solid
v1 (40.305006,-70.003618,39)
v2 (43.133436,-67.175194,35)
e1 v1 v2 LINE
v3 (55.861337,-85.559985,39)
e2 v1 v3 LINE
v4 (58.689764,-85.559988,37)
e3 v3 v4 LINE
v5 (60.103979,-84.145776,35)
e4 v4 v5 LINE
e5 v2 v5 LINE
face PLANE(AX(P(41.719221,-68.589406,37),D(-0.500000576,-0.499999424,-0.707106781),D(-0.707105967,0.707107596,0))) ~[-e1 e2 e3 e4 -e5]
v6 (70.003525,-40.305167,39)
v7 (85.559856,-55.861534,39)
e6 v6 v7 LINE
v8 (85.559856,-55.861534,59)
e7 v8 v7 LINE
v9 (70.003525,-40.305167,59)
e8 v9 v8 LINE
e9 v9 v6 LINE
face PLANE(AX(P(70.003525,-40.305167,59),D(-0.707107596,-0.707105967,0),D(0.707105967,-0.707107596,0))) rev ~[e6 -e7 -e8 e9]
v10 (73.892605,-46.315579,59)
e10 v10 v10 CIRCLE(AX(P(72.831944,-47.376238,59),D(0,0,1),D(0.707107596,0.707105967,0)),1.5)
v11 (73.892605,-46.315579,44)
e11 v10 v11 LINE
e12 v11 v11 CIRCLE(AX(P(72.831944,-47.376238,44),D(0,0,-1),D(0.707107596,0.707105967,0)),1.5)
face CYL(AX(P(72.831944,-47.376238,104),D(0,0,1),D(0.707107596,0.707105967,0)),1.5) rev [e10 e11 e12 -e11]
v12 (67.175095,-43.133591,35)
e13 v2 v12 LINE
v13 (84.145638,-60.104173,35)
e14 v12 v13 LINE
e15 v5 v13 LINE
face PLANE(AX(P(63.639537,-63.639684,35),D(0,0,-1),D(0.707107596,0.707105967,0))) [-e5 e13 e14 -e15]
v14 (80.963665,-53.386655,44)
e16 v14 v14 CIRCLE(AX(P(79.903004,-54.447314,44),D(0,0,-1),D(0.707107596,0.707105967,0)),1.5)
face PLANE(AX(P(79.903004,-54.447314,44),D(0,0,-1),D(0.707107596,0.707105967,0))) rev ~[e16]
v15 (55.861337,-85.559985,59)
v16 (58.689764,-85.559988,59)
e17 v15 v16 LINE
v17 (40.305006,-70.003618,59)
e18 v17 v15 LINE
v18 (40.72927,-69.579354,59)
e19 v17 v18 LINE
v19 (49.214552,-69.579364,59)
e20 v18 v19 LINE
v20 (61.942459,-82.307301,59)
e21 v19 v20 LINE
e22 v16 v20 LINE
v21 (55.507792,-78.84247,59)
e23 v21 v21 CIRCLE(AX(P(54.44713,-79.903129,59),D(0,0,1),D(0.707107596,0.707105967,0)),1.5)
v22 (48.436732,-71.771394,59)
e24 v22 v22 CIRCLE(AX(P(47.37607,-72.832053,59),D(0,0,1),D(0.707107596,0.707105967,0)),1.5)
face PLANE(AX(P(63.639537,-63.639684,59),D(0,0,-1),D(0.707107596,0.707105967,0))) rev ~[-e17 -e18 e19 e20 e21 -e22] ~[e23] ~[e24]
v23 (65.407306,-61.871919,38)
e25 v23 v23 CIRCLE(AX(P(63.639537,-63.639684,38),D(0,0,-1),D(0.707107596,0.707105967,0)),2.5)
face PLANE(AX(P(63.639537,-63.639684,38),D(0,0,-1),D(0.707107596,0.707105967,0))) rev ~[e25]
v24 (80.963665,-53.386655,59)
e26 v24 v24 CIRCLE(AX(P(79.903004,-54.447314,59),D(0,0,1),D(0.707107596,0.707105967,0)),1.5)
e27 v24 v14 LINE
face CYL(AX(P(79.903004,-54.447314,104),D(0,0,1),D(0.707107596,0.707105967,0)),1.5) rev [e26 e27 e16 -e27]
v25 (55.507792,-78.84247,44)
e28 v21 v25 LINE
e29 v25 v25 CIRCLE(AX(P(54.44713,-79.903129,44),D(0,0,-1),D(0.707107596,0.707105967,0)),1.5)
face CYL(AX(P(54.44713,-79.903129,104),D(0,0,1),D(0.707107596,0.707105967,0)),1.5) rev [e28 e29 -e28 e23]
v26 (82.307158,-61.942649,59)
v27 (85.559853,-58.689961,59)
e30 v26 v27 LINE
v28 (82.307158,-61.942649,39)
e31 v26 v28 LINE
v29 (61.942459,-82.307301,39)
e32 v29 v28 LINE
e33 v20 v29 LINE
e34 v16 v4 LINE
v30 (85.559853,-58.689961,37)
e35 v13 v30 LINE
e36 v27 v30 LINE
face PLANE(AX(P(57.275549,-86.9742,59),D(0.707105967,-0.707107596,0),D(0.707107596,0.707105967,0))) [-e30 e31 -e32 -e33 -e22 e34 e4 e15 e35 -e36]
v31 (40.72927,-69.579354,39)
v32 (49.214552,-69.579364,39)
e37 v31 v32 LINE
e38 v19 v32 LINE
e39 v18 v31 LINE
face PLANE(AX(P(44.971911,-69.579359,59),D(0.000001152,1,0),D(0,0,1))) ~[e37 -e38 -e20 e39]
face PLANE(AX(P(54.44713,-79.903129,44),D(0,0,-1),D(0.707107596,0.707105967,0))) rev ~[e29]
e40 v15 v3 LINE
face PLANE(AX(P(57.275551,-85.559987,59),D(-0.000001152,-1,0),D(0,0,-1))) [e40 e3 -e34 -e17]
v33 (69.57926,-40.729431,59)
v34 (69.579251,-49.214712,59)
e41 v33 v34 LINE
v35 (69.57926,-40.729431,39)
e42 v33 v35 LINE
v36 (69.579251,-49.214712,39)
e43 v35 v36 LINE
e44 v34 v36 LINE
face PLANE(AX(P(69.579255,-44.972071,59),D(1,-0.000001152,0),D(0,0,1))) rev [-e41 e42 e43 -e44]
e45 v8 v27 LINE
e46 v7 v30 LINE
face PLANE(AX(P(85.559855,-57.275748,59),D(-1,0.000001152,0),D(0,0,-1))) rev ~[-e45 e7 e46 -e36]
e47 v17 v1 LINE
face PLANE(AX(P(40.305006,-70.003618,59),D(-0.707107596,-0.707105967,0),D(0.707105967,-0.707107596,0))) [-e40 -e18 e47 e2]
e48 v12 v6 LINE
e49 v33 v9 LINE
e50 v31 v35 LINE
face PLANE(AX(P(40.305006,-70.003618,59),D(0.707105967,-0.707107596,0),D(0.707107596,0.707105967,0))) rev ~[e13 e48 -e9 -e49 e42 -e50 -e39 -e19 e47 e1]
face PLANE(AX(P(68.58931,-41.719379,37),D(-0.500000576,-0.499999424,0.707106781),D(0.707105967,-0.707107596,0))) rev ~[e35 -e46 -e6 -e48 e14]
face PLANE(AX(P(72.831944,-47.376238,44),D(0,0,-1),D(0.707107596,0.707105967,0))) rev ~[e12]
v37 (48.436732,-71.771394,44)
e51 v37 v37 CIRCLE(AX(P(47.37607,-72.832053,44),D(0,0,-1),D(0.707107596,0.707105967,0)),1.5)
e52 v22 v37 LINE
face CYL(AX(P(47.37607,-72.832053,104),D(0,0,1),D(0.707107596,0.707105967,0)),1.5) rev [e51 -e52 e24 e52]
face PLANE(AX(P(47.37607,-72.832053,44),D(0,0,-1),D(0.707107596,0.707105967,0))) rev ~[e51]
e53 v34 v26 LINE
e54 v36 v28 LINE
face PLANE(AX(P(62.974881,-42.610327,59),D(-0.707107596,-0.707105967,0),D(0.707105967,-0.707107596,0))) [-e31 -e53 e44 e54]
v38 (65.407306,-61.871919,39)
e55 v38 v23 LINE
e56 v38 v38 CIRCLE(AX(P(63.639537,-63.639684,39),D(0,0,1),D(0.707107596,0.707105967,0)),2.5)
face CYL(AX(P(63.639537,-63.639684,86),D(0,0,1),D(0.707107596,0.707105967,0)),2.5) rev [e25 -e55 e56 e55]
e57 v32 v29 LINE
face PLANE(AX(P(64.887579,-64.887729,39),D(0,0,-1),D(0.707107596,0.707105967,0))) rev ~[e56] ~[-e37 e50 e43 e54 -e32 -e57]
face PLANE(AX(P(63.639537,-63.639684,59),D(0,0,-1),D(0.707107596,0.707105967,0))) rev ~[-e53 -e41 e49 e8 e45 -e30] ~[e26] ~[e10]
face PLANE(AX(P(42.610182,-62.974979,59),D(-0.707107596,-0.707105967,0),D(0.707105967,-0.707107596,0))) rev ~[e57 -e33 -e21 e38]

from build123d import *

# Parameters (mm, degrees)
CYLINDER1700_R             = 1.5
CYLINDER1700_DEPTH         = 60
CYLINDER1701_R             = 1.5
CYLINDER1701_DEPTH         = 60
CYLINDER1702_R             = 1.5
CYLINDER1702_DEPTH         = 60
CYLINDER1699_R             = 1.5
CYLINDER1699_DEPTH         = 60
CYLINDER1698_R             = 2.5
CYLINDER1698_DEPTH         = 48
BOX666_W                   = 28.8
BOX666_H                   = 34.21
BOX666_DEPTH               = 20
BOX667_W                   = 42
BOX667_H                   = 24
BOX667_DEPTH               = 24
CHAMFER038_SIZE            = 6
CHAMFER039_SIZE            = 4
CHAMFER044_SIZE            = 2
CHAMFER044_ROLL_ANGLE      = 180
CHAMFER044_PLACEMENT_ANGLE = 44.999934


with BuildPart() as v_lec1700:
    # Cylinder1700 → Cylinder1700 (new body)
    with BuildSketch(Plane(origin=(18, 85, -57), x_dir=(1, 0, 0), z_dir=(0, 0, 1))):
        Circle(CYLINDER1700_R)
    extrude(amount=CYLINDER1700_DEPTH)


with BuildPart() as v_lec1701:
    # Cylinder1701 → Cylinder1701 (new body)
    with BuildSketch(Plane(origin=(-18, 85, -57), x_dir=(1, 0, 0), z_dir=(0, 0, 1))):
        Circle(CYLINDER1701_R)
    extrude(amount=CYLINDER1701_DEPTH)


with BuildPart() as v_lec1702:
    # Cylinder1702 → Cylinder1702 (new body)
    with BuildSketch(Plane(origin=(-18, 95, -57), x_dir=(1, 0, 0), z_dir=(0, 0, 1))):
        Circle(CYLINDER1702_R)
    extrude(amount=CYLINDER1702_DEPTH)


with BuildPart() as compound843:
    # Cylinder1699 → Cylinder1699 (new body)
    with BuildSketch(Plane(origin=(18, 95, -57), x_dir=(1, 0, 0), z_dir=(0, 0, 1))):
        Circle(CYLINDER1699_R)
    extrude(amount=CYLINDER1699_DEPTH)

    # Compound843: union Válec1700, Válec1701, Válec1702
    add(v_lec1700.part)
    add(v_lec1701.part)
    add(v_lec1702.part)


with BuildPart() as compound843_1:
    # Compound843 placement: moved
    add(compound843.part.moved(Location((0, 0, -16))))


with BuildPart() as v_lec1698:
    # Cylinder1698 → Cylinder1698 (new body)
    with BuildSketch(Plane(origin=(0, 90, -55), x_dir=(1, 0, 0), z_dir=(0, 0, 1))):
        Circle(CYLINDER1698_R)
    extrude(amount=CYLINDER1698_DEPTH)


with BuildPart() as compound805:
    # Box666 → Box666 (new body)
    with BuildSketch(Plane(origin=(-14.4, -15.34, 34), x_dir=(1, 0, 0), z_dir=(0, 0, 1))):
        with Locations((14.4, 17.105)):
            Rectangle(BOX666_W, BOX666_H)
    extrude(amount=BOX666_DEPTH)


with BuildPart() as compound805_1:
    # Compound805 placement: moved
    add(compound805.part.moved(Location((0, 90, -83))))


with BuildPart() as chamfer044:
    # Box667 → Box667 (new body)
    with BuildSketch(Plane(origin=(-21, 78, -49), x_dir=(1, 0, 0), z_dir=(0, 0, 1))):
        with Locations((21, 12)):
            Rectangle(BOX667_W, BOX667_H)
    extrude(amount=BOX667_DEPTH)

    # Cut315: cut Compound805
    add(compound805_1.part, mode=Mode.SUBTRACT)


with BuildPart() as chamfer044_1:
    # Cut315 placement: moved
    add(chamfer044.part.moved(Location((0, 0, 21))))

    # Cut316: cut Válec1698
    add(v_lec1698.part, mode=Mode.SUBTRACT)

    # Chamfer038
    chamfer038_edges = [chamfer044_1.edges().sort_by_distance(p)[0] for p in [
        (-14.4, 78, -18),
        (14.4, 78, -18),
    ]]
    chamfer(chamfer038_edges, length=CHAMFER038_SIZE)

    # Cut325: cut Compound843
    add(compound843_1.part, mode=Mode.SUBTRACT)

    # Chamfer039
    chamfer039_edges = [chamfer044_1.edges().sort_by_distance(p)[0] for p in [
        (-21, 90, -4),
        (21, 90, -4),
    ]]
    chamfer(chamfer039_edges, length=CHAMFER039_SIZE)

    # Chamfer044
    chamfer044_edges = [chamfer044_1.edges().sort_by_distance(p)[0] for p in [
        (-21, 102, -18),
        (21, 102, -18),
    ]]
    chamfer(chamfer044_edges, length=CHAMFER044_SIZE)


with BuildPart() as chamfer044_2:
    # Chamfer044 roll: moved
    add(chamfer044_1.part.rotate(Axis((0, 0, 0), (1, 0, 0)), CHAMFER044_ROLL_ANGLE))


with BuildPart() as chamfer044_3:
    # Chamfer044 placement: moved
    add(chamfer044_2.part.moved(Location((0, 0, 31))).rotate(Axis((0, 0, 31), (0, 0, 1)), CHAMFER044_PLACEMENT_ANGLE))


solid = chamfer044_3.part
